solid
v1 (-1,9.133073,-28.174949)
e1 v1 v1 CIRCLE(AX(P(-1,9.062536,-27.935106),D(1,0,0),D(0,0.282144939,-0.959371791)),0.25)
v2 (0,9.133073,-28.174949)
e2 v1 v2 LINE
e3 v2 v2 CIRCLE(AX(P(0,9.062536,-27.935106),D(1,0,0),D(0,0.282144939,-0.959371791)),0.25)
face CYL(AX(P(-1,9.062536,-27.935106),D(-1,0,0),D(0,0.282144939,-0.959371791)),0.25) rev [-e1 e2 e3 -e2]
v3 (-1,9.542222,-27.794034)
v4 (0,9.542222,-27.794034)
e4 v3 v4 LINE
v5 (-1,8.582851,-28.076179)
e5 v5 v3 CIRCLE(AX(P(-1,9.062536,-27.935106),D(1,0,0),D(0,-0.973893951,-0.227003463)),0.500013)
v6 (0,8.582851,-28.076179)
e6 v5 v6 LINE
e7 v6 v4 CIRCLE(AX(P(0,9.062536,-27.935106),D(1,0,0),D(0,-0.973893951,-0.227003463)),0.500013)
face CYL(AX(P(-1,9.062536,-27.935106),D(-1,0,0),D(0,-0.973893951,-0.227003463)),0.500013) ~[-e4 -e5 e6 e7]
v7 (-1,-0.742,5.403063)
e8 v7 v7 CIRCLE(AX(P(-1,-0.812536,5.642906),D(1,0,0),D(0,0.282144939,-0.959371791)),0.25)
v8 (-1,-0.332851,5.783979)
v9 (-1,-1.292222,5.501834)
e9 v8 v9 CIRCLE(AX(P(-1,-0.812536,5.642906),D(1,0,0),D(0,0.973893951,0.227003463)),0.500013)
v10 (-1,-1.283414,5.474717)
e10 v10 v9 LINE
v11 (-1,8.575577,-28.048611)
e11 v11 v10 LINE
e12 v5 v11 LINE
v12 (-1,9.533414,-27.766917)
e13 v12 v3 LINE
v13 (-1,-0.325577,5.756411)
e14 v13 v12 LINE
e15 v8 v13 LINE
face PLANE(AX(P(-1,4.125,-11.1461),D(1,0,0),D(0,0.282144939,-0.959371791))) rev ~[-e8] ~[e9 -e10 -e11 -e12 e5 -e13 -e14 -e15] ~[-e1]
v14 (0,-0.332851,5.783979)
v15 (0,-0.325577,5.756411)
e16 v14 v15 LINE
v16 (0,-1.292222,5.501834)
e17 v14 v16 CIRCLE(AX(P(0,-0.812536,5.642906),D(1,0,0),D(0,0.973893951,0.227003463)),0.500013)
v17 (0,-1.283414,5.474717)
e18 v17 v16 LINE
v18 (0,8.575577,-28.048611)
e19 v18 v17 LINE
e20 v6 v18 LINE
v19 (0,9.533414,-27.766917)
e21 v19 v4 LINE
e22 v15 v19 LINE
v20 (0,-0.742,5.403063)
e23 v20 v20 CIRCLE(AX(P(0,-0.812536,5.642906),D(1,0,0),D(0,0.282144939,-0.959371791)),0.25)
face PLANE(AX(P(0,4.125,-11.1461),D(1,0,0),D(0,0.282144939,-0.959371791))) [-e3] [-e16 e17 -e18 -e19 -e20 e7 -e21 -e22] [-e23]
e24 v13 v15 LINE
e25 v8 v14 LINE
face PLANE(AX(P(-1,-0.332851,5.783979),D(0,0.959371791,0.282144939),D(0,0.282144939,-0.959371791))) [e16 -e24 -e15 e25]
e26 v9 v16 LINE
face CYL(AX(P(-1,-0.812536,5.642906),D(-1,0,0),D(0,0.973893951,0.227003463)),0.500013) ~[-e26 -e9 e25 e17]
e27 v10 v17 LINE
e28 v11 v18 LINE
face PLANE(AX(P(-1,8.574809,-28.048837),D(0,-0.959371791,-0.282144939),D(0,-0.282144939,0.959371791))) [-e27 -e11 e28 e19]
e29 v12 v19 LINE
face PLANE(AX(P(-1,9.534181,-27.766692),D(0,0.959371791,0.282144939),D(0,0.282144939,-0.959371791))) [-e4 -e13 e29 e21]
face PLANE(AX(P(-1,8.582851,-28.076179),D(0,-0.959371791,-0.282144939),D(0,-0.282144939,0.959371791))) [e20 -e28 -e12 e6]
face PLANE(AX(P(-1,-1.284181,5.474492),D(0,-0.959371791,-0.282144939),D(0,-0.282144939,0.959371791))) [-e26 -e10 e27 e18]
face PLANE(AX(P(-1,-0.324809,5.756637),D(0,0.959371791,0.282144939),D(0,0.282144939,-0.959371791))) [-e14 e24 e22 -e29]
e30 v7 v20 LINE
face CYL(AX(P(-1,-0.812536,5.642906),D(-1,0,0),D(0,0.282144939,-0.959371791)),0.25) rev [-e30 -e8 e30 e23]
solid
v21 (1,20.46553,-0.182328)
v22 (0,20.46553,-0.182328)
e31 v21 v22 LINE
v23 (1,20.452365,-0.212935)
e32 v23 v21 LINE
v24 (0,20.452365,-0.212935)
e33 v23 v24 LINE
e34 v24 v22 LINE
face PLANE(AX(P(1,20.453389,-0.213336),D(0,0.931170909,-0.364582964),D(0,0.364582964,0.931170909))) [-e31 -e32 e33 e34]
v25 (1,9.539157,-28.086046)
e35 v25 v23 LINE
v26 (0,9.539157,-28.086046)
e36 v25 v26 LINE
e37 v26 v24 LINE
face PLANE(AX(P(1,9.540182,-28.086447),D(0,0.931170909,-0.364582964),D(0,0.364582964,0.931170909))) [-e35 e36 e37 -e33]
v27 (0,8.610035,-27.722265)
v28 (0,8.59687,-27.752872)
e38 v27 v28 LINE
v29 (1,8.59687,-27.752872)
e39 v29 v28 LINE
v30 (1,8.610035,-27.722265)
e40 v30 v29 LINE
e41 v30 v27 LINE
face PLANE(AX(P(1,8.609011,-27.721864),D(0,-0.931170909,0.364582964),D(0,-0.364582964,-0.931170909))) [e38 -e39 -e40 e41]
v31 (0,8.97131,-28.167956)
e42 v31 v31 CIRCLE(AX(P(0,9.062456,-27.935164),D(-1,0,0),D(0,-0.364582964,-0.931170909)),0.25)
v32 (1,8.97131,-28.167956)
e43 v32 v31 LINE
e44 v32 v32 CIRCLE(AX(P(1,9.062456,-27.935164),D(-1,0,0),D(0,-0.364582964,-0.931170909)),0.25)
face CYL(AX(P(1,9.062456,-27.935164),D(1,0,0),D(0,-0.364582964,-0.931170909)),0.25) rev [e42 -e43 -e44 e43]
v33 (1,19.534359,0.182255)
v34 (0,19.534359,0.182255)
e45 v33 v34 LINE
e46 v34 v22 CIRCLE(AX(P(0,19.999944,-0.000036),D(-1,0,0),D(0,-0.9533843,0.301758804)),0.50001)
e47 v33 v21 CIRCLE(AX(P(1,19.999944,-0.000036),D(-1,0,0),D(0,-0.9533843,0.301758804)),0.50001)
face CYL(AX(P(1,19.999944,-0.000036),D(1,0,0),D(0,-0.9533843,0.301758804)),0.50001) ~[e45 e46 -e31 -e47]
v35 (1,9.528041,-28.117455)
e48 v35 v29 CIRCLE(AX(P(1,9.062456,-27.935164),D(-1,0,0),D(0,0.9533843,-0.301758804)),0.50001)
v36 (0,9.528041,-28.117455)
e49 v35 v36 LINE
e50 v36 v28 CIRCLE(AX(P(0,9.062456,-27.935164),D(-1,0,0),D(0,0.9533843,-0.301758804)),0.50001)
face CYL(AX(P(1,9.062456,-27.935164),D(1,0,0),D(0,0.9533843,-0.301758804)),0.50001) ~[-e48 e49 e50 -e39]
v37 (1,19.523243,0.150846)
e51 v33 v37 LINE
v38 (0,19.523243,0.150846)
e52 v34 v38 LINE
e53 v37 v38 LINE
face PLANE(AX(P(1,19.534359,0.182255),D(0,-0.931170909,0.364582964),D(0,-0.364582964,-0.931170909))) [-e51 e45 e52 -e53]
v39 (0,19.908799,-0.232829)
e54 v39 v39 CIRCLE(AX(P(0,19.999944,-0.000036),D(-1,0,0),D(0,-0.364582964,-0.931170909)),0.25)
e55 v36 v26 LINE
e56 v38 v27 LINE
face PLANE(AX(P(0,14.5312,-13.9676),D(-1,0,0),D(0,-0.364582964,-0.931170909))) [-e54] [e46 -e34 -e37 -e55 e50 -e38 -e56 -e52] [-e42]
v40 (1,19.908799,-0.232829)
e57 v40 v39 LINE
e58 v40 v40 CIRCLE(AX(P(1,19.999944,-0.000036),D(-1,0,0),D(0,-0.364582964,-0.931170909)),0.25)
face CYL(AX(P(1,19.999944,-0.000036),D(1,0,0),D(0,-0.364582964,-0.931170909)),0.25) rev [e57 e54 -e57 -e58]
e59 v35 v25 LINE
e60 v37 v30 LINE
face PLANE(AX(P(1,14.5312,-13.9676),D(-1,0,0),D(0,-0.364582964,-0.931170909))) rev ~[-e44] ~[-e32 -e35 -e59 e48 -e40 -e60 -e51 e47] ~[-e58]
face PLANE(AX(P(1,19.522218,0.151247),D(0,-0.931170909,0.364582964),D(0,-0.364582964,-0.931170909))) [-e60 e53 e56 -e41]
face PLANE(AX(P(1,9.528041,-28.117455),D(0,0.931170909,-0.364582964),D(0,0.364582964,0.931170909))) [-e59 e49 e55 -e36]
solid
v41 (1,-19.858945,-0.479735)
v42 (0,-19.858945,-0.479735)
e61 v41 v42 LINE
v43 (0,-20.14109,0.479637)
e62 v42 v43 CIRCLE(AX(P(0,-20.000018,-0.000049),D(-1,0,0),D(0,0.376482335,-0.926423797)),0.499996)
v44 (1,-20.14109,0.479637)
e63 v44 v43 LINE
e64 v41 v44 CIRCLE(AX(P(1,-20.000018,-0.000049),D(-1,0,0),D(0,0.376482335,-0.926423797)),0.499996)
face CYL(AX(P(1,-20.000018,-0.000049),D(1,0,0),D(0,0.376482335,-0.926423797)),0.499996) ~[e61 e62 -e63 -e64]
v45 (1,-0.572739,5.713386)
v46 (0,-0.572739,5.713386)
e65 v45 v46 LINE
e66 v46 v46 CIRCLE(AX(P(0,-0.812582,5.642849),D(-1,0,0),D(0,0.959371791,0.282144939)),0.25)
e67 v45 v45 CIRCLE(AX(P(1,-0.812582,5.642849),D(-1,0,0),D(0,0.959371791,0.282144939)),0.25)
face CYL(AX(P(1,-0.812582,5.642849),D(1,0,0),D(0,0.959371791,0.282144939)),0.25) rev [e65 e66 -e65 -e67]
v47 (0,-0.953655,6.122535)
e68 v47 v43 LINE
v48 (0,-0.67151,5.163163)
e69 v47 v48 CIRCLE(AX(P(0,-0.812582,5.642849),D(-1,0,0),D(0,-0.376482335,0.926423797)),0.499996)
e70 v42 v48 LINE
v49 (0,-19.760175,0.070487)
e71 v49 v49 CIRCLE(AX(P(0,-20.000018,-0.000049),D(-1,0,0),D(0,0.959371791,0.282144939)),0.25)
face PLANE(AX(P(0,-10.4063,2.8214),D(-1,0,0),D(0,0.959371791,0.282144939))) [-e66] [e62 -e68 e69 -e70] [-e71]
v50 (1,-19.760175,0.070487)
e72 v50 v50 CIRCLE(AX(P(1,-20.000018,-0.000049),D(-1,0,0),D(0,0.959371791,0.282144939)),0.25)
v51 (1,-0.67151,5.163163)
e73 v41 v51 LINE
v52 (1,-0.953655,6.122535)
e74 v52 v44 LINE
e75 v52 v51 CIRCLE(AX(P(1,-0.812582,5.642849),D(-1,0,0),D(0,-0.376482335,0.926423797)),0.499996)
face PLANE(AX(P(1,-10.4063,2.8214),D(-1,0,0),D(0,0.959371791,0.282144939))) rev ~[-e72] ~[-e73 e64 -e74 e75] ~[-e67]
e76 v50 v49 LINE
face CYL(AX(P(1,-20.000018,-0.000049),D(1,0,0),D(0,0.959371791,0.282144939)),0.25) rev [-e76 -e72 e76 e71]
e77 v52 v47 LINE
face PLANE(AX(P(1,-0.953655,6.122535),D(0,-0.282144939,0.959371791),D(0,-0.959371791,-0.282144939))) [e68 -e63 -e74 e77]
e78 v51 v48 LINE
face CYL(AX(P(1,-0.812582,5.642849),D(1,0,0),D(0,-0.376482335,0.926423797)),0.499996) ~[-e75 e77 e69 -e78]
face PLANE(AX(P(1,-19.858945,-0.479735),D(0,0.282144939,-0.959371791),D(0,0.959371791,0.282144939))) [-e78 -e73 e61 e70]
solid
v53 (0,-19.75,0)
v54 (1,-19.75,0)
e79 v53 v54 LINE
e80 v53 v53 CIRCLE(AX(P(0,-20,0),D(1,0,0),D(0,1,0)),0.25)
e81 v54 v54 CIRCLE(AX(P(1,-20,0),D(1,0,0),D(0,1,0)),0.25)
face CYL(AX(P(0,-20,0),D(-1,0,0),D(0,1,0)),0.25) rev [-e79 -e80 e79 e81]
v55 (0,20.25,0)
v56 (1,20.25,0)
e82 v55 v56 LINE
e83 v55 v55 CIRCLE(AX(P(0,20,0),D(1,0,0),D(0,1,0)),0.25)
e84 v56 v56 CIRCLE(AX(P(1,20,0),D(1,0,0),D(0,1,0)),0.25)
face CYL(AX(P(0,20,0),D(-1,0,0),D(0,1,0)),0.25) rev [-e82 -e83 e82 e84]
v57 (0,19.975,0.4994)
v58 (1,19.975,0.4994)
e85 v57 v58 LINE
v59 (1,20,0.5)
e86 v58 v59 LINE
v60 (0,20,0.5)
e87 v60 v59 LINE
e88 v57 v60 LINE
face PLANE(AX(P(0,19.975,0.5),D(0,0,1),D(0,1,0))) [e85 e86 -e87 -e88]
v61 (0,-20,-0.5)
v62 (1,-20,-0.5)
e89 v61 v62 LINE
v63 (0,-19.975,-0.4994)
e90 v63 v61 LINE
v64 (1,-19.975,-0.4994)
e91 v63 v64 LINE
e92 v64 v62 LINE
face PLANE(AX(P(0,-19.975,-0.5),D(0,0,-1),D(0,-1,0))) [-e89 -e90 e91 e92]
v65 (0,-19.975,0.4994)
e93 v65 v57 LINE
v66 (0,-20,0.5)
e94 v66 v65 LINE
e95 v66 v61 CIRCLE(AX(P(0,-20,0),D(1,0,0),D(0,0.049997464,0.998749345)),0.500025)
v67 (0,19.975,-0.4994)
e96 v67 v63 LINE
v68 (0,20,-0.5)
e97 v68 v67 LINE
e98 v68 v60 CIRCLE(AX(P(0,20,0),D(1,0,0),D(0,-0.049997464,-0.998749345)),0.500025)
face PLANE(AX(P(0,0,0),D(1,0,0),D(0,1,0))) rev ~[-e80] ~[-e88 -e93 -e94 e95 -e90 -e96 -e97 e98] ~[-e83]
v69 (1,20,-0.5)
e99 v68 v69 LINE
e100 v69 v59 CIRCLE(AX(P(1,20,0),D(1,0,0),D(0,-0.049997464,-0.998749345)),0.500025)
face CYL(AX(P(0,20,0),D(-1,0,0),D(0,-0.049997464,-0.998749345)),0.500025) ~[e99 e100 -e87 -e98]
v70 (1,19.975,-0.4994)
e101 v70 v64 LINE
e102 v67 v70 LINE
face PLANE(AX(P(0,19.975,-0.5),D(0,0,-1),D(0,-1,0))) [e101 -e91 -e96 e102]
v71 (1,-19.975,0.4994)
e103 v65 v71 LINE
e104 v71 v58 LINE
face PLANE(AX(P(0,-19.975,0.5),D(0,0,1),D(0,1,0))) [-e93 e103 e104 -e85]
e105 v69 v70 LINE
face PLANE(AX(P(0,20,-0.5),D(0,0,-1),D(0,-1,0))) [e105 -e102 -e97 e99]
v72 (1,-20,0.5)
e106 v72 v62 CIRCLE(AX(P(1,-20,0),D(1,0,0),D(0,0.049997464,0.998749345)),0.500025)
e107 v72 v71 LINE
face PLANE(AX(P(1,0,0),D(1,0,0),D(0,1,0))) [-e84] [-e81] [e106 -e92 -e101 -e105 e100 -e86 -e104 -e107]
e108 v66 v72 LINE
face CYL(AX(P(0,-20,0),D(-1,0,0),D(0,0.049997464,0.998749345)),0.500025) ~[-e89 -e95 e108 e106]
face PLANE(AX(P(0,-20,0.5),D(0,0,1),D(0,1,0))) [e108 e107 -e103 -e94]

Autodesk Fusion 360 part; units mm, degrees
sketch "Sketch1" plane through (0, 0, 0) normal (1, 0, 0) x (0, 1, 0)
  line L0 (20, -0.5) -> (-20, -0.5)
  line L1 (-20, 0.5) -> (20, 0.5)
  line L2 (20, -0.5) -> (-20, 0.5) construction
  line L3 (-20, -0.5) -> (20, 0.5) construction
  arc A0 (-19.975, 0.4994) -> (-19.975, -0.4994) centre (-20, 0) ccw
  arc A1 (19.975, -0.4994) -> (19.975, 0.4994) centre (20, 0) ccw
  circle A2 centre (-20, 0) radius 0.25
  circle A3 centre (20, 0) radius 0.25
  dimension "d1" = 40
  dimension "d2" = 0.5
  dimension "d3" = 0.5
extrude "Extrude1" add sketch "Sketch1" along normal blind 1 makes body 1
sketch "Sketch2" plane through (0, 0, 0) normal (1, 0, 0) x (0, 1, 0)
  line L0 (10, -0.5) -> (-10, -0.5)
  line L1 (-10, 0.5) -> (10, 0.5)
  line L2 (10, -0.5) -> (-10, 0.5) construction
  line L3 (-10, -0.5) -> (10, 0.5) construction
  arc A0 (-9.9501, 0.4975) -> (-9.9501, -0.4975) centre (-10, 0) ccw
  arc A1 (9.9501, -0.4975) -> (9.9501, 0.4975) centre (10, 0) ccw
  circle A2 centre (-10, 0) radius 0.25
  circle A3 centre (10, 0) radius 0.25
  dimension "d6" = 20
  dimension "d7" = 0.5
  dimension "d8" = 0.5
extrude "Extrude2" add sketch "Sketch2" along normal blind 1 separate body makes body 2
sketch "Sketch3" plane through (0, 0, 0) normal (1, 0, 0) x (0, 1, 0)
  line L0 (17.5, -0.5) -> (-17.5, -0.5)
  line L1 (-17.5, 0.5) -> (17.5, 0.5)
  line L2 (17.5, -0.5) -> (-17.5, 0.5) construction
  line L3 (-17.5, -0.5) -> (17.5, 0.5) construction
  arc A0 (-17.4715, 0.4992) -> (-17.4715, -0.4992) centre (-17.5, 0) ccw
  arc A1 (17.4715, -0.4992) -> (17.4715, 0.4992) centre (17.5, 0) ccw
  circle A2 centre (-17.5, 0) radius 0.25
  circle A3 centre (17.5, 0) radius 0.25
  dimension "d11" = 35
  dimension "d12" = 0.5
  dimension "d13" = 0.5
extrude "Extrude3" add sketch "Sketch3" along normal blind 1 separate body makes body 3
sketch "Sketch4" plane through (0, 0, 0) normal (1, 0, 0) x (0, 1, 0)
  line L0 (15, -0.5) -> (-15, -0.5)
  line L1 (-15, 0.5) -> (15, 0.5)
  line L2 (15, -0.5) -> (-15, 0.5) construction
  line L3 (-15, -0.5) -> (15, 0.5) construction
  arc A0 (-14.9667, 0.4989) -> (-14.9667, -0.4989) centre (-15, 0) ccw
  arc A1 (14.9667, -0.4989) -> (14.9667, 0.4989) centre (15, 0) ccw
  circle A2 centre (-15, 0) radius 0.25
  circle A3 centre (15, 0) radius 0.25
  dimension "d16" = 30
  dimension "d17" = 0.5
  dimension "d18" = 0.5
extrude "Extrude4" add sketch "Sketch4" along normal blind 1 separate body makes body 4
copy_body "Body->Comp1" bodies 4 removing the originals makes body 5 in component "3cmL4"
copy_body "Body->Comp2" bodies 3 removing the originals makes body 6 in component "3.5cmL3"
copy_body "Body->Comp3" bodies 2 removing the originals makes body 7 in component "2cmL2"
copy_body "Body->Comp4" bodies 1 removing the originals makes body 8 in component "4cmL1"
component "3cmL4" placed x (-1, 0, 0) y (0, -0.364583, -0.931171) z (0, -0.931171, 0.364583) at (1, 14.5312, -13.9676)
component "3.5cmL3" placed x (1, 0, 0) y (0, 0.282145, -0.959372) z (0, 0.959372, 0.282145) at (-1, 4.125, -11.1461)
component "2cmL2" placed x (-1, 0, 0) y (0, 0.959372, 0.282145) z (0, 0.282145, -0.959372) at (1, -10.4063, 2.8214)
component "4cmL1" placed x (1, 0, 0) y (0, 1, 0) z (0, 0, 1) at (0, 0, 0)
